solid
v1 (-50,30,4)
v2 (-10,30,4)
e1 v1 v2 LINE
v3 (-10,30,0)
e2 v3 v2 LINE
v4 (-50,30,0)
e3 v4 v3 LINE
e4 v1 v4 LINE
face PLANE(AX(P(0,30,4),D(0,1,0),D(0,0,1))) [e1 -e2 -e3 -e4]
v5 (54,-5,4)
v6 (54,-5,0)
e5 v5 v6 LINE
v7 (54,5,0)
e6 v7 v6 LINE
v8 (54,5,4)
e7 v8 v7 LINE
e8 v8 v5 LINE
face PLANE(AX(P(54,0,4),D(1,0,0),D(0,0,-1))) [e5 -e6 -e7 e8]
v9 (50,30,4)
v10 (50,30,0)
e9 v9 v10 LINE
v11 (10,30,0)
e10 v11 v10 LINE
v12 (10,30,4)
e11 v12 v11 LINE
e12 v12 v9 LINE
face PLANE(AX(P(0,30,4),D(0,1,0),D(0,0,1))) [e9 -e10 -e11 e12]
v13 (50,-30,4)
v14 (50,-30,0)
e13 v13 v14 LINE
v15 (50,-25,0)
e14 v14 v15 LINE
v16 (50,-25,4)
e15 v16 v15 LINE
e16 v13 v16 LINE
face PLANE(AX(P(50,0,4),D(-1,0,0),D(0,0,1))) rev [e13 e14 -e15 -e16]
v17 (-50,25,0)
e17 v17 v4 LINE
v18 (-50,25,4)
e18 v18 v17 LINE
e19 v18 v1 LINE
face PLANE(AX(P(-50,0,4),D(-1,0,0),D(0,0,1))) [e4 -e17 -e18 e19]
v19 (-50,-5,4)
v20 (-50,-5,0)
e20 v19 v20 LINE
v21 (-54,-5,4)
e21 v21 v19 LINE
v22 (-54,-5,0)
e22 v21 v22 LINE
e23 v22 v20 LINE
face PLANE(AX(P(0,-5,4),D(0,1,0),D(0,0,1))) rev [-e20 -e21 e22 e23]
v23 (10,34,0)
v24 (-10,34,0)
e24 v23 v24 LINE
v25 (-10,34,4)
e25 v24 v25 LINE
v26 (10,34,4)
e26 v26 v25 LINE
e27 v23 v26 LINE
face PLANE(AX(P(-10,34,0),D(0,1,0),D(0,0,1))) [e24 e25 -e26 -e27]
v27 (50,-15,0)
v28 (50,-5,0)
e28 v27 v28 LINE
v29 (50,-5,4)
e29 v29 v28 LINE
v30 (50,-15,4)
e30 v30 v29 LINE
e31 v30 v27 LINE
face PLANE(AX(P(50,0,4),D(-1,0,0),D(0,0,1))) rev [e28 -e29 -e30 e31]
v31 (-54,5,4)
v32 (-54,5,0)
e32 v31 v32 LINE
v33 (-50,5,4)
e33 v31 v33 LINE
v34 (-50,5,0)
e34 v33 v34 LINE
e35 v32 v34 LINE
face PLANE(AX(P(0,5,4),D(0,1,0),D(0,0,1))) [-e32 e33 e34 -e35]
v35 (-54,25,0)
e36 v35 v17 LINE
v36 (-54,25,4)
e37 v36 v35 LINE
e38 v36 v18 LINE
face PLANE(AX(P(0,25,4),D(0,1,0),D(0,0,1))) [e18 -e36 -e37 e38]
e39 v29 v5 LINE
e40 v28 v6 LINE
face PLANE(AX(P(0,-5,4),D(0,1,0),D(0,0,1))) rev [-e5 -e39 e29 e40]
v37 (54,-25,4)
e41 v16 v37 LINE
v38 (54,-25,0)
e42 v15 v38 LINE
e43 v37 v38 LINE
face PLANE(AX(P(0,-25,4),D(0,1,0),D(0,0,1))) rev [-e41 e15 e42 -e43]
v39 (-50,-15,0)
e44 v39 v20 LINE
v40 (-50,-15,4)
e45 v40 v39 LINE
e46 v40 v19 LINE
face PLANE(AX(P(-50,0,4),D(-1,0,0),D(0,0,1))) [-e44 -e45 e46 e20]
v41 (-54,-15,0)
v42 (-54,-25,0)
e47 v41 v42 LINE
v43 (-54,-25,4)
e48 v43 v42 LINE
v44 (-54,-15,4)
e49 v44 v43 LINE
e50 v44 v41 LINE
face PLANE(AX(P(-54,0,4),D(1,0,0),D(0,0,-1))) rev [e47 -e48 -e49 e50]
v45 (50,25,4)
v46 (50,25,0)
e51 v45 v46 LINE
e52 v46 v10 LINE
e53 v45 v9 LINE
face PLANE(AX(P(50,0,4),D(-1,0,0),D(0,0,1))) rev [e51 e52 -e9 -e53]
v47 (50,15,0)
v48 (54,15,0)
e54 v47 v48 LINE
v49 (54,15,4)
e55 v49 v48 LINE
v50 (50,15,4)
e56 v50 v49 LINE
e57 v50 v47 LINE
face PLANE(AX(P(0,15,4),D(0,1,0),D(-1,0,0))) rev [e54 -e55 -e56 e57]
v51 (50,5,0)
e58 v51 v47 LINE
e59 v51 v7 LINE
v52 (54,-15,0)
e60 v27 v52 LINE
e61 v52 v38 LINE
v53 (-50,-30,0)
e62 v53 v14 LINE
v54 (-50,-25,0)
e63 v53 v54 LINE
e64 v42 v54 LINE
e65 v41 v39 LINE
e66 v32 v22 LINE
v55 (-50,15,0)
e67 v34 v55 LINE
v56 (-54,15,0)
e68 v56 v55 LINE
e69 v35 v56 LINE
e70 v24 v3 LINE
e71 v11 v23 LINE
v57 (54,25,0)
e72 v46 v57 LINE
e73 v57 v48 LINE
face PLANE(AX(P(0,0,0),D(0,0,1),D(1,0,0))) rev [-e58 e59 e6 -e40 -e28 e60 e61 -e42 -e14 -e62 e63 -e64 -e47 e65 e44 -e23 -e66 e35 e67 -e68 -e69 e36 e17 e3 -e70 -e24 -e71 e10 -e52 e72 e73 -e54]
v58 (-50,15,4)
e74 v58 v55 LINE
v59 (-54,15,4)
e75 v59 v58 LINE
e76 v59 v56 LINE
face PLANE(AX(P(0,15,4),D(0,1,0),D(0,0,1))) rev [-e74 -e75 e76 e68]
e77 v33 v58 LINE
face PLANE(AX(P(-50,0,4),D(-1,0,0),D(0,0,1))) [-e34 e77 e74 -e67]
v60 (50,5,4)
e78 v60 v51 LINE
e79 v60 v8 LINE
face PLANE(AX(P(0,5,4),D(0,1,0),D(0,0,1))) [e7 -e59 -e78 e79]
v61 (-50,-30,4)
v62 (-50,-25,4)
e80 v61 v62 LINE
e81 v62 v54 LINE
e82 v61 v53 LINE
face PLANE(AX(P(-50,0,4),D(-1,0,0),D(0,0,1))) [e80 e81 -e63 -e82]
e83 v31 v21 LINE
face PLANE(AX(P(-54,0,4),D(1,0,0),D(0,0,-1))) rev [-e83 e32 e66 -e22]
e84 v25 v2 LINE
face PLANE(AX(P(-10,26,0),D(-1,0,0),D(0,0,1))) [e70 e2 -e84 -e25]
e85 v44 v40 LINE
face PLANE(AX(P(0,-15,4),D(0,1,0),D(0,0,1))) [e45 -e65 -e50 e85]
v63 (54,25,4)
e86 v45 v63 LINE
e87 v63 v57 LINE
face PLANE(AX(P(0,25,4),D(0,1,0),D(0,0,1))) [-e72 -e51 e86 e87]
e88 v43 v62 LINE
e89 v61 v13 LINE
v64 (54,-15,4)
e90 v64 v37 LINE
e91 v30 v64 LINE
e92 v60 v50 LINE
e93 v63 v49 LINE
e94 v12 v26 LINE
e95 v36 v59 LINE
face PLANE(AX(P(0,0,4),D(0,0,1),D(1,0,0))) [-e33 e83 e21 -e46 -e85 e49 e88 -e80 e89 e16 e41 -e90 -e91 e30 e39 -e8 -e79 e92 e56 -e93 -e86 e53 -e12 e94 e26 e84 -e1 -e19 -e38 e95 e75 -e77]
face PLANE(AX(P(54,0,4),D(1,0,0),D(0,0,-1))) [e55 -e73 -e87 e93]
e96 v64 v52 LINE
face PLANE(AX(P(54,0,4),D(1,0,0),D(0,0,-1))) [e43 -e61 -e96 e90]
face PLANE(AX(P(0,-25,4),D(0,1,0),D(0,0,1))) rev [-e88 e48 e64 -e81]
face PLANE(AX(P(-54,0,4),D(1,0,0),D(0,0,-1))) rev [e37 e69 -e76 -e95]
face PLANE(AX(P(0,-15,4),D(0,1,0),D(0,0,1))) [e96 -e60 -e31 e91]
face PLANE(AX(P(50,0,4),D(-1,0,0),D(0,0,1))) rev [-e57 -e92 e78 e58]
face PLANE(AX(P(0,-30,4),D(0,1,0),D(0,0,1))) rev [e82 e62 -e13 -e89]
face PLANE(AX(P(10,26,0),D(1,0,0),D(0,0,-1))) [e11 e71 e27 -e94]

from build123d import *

# Parameters (mm, degrees)
BOSS_EXTRUDE1_DEPTH = 4
SKETCH2_W           = 20
SKETCH2_H           = 8
BOSS_EXTRUDE2_DEPTH = 4


with BuildPart() as part:
    # Sketch1 → Boss-Extrude1 (new body)
    with BuildSketch(Plane.XY):
        Polygon((-50, 30), (-50, 25), (-54, 25), (-54, 15), (-50, 15), (-50, 5), (-54, 5), (-54, -5), (-50, -5), (-50, -15), (-54, -15), (-54, -25), (-50, -25), (-50, -30), (50, -30), (50, -25), (54, -25), (54, -15), (50, -15), (50, -5), (54, -5), (54, 5), (50, 5), (50, 15), (54, 15), (54, 25), (50, 25), (50, 30), align=None)
    extrude(amount=BOSS_EXTRUDE1_DEPTH)

    # Sketch2 → Boss-Extrude2 (add)
    with BuildSketch(Plane.XY.offset(4)):
        with Locations((0, 30)):
            Rectangle(SKETCH2_W, SKETCH2_H)
    extrude(amount=-BOSS_EXTRUDE2_DEPTH)


solid = part.part
